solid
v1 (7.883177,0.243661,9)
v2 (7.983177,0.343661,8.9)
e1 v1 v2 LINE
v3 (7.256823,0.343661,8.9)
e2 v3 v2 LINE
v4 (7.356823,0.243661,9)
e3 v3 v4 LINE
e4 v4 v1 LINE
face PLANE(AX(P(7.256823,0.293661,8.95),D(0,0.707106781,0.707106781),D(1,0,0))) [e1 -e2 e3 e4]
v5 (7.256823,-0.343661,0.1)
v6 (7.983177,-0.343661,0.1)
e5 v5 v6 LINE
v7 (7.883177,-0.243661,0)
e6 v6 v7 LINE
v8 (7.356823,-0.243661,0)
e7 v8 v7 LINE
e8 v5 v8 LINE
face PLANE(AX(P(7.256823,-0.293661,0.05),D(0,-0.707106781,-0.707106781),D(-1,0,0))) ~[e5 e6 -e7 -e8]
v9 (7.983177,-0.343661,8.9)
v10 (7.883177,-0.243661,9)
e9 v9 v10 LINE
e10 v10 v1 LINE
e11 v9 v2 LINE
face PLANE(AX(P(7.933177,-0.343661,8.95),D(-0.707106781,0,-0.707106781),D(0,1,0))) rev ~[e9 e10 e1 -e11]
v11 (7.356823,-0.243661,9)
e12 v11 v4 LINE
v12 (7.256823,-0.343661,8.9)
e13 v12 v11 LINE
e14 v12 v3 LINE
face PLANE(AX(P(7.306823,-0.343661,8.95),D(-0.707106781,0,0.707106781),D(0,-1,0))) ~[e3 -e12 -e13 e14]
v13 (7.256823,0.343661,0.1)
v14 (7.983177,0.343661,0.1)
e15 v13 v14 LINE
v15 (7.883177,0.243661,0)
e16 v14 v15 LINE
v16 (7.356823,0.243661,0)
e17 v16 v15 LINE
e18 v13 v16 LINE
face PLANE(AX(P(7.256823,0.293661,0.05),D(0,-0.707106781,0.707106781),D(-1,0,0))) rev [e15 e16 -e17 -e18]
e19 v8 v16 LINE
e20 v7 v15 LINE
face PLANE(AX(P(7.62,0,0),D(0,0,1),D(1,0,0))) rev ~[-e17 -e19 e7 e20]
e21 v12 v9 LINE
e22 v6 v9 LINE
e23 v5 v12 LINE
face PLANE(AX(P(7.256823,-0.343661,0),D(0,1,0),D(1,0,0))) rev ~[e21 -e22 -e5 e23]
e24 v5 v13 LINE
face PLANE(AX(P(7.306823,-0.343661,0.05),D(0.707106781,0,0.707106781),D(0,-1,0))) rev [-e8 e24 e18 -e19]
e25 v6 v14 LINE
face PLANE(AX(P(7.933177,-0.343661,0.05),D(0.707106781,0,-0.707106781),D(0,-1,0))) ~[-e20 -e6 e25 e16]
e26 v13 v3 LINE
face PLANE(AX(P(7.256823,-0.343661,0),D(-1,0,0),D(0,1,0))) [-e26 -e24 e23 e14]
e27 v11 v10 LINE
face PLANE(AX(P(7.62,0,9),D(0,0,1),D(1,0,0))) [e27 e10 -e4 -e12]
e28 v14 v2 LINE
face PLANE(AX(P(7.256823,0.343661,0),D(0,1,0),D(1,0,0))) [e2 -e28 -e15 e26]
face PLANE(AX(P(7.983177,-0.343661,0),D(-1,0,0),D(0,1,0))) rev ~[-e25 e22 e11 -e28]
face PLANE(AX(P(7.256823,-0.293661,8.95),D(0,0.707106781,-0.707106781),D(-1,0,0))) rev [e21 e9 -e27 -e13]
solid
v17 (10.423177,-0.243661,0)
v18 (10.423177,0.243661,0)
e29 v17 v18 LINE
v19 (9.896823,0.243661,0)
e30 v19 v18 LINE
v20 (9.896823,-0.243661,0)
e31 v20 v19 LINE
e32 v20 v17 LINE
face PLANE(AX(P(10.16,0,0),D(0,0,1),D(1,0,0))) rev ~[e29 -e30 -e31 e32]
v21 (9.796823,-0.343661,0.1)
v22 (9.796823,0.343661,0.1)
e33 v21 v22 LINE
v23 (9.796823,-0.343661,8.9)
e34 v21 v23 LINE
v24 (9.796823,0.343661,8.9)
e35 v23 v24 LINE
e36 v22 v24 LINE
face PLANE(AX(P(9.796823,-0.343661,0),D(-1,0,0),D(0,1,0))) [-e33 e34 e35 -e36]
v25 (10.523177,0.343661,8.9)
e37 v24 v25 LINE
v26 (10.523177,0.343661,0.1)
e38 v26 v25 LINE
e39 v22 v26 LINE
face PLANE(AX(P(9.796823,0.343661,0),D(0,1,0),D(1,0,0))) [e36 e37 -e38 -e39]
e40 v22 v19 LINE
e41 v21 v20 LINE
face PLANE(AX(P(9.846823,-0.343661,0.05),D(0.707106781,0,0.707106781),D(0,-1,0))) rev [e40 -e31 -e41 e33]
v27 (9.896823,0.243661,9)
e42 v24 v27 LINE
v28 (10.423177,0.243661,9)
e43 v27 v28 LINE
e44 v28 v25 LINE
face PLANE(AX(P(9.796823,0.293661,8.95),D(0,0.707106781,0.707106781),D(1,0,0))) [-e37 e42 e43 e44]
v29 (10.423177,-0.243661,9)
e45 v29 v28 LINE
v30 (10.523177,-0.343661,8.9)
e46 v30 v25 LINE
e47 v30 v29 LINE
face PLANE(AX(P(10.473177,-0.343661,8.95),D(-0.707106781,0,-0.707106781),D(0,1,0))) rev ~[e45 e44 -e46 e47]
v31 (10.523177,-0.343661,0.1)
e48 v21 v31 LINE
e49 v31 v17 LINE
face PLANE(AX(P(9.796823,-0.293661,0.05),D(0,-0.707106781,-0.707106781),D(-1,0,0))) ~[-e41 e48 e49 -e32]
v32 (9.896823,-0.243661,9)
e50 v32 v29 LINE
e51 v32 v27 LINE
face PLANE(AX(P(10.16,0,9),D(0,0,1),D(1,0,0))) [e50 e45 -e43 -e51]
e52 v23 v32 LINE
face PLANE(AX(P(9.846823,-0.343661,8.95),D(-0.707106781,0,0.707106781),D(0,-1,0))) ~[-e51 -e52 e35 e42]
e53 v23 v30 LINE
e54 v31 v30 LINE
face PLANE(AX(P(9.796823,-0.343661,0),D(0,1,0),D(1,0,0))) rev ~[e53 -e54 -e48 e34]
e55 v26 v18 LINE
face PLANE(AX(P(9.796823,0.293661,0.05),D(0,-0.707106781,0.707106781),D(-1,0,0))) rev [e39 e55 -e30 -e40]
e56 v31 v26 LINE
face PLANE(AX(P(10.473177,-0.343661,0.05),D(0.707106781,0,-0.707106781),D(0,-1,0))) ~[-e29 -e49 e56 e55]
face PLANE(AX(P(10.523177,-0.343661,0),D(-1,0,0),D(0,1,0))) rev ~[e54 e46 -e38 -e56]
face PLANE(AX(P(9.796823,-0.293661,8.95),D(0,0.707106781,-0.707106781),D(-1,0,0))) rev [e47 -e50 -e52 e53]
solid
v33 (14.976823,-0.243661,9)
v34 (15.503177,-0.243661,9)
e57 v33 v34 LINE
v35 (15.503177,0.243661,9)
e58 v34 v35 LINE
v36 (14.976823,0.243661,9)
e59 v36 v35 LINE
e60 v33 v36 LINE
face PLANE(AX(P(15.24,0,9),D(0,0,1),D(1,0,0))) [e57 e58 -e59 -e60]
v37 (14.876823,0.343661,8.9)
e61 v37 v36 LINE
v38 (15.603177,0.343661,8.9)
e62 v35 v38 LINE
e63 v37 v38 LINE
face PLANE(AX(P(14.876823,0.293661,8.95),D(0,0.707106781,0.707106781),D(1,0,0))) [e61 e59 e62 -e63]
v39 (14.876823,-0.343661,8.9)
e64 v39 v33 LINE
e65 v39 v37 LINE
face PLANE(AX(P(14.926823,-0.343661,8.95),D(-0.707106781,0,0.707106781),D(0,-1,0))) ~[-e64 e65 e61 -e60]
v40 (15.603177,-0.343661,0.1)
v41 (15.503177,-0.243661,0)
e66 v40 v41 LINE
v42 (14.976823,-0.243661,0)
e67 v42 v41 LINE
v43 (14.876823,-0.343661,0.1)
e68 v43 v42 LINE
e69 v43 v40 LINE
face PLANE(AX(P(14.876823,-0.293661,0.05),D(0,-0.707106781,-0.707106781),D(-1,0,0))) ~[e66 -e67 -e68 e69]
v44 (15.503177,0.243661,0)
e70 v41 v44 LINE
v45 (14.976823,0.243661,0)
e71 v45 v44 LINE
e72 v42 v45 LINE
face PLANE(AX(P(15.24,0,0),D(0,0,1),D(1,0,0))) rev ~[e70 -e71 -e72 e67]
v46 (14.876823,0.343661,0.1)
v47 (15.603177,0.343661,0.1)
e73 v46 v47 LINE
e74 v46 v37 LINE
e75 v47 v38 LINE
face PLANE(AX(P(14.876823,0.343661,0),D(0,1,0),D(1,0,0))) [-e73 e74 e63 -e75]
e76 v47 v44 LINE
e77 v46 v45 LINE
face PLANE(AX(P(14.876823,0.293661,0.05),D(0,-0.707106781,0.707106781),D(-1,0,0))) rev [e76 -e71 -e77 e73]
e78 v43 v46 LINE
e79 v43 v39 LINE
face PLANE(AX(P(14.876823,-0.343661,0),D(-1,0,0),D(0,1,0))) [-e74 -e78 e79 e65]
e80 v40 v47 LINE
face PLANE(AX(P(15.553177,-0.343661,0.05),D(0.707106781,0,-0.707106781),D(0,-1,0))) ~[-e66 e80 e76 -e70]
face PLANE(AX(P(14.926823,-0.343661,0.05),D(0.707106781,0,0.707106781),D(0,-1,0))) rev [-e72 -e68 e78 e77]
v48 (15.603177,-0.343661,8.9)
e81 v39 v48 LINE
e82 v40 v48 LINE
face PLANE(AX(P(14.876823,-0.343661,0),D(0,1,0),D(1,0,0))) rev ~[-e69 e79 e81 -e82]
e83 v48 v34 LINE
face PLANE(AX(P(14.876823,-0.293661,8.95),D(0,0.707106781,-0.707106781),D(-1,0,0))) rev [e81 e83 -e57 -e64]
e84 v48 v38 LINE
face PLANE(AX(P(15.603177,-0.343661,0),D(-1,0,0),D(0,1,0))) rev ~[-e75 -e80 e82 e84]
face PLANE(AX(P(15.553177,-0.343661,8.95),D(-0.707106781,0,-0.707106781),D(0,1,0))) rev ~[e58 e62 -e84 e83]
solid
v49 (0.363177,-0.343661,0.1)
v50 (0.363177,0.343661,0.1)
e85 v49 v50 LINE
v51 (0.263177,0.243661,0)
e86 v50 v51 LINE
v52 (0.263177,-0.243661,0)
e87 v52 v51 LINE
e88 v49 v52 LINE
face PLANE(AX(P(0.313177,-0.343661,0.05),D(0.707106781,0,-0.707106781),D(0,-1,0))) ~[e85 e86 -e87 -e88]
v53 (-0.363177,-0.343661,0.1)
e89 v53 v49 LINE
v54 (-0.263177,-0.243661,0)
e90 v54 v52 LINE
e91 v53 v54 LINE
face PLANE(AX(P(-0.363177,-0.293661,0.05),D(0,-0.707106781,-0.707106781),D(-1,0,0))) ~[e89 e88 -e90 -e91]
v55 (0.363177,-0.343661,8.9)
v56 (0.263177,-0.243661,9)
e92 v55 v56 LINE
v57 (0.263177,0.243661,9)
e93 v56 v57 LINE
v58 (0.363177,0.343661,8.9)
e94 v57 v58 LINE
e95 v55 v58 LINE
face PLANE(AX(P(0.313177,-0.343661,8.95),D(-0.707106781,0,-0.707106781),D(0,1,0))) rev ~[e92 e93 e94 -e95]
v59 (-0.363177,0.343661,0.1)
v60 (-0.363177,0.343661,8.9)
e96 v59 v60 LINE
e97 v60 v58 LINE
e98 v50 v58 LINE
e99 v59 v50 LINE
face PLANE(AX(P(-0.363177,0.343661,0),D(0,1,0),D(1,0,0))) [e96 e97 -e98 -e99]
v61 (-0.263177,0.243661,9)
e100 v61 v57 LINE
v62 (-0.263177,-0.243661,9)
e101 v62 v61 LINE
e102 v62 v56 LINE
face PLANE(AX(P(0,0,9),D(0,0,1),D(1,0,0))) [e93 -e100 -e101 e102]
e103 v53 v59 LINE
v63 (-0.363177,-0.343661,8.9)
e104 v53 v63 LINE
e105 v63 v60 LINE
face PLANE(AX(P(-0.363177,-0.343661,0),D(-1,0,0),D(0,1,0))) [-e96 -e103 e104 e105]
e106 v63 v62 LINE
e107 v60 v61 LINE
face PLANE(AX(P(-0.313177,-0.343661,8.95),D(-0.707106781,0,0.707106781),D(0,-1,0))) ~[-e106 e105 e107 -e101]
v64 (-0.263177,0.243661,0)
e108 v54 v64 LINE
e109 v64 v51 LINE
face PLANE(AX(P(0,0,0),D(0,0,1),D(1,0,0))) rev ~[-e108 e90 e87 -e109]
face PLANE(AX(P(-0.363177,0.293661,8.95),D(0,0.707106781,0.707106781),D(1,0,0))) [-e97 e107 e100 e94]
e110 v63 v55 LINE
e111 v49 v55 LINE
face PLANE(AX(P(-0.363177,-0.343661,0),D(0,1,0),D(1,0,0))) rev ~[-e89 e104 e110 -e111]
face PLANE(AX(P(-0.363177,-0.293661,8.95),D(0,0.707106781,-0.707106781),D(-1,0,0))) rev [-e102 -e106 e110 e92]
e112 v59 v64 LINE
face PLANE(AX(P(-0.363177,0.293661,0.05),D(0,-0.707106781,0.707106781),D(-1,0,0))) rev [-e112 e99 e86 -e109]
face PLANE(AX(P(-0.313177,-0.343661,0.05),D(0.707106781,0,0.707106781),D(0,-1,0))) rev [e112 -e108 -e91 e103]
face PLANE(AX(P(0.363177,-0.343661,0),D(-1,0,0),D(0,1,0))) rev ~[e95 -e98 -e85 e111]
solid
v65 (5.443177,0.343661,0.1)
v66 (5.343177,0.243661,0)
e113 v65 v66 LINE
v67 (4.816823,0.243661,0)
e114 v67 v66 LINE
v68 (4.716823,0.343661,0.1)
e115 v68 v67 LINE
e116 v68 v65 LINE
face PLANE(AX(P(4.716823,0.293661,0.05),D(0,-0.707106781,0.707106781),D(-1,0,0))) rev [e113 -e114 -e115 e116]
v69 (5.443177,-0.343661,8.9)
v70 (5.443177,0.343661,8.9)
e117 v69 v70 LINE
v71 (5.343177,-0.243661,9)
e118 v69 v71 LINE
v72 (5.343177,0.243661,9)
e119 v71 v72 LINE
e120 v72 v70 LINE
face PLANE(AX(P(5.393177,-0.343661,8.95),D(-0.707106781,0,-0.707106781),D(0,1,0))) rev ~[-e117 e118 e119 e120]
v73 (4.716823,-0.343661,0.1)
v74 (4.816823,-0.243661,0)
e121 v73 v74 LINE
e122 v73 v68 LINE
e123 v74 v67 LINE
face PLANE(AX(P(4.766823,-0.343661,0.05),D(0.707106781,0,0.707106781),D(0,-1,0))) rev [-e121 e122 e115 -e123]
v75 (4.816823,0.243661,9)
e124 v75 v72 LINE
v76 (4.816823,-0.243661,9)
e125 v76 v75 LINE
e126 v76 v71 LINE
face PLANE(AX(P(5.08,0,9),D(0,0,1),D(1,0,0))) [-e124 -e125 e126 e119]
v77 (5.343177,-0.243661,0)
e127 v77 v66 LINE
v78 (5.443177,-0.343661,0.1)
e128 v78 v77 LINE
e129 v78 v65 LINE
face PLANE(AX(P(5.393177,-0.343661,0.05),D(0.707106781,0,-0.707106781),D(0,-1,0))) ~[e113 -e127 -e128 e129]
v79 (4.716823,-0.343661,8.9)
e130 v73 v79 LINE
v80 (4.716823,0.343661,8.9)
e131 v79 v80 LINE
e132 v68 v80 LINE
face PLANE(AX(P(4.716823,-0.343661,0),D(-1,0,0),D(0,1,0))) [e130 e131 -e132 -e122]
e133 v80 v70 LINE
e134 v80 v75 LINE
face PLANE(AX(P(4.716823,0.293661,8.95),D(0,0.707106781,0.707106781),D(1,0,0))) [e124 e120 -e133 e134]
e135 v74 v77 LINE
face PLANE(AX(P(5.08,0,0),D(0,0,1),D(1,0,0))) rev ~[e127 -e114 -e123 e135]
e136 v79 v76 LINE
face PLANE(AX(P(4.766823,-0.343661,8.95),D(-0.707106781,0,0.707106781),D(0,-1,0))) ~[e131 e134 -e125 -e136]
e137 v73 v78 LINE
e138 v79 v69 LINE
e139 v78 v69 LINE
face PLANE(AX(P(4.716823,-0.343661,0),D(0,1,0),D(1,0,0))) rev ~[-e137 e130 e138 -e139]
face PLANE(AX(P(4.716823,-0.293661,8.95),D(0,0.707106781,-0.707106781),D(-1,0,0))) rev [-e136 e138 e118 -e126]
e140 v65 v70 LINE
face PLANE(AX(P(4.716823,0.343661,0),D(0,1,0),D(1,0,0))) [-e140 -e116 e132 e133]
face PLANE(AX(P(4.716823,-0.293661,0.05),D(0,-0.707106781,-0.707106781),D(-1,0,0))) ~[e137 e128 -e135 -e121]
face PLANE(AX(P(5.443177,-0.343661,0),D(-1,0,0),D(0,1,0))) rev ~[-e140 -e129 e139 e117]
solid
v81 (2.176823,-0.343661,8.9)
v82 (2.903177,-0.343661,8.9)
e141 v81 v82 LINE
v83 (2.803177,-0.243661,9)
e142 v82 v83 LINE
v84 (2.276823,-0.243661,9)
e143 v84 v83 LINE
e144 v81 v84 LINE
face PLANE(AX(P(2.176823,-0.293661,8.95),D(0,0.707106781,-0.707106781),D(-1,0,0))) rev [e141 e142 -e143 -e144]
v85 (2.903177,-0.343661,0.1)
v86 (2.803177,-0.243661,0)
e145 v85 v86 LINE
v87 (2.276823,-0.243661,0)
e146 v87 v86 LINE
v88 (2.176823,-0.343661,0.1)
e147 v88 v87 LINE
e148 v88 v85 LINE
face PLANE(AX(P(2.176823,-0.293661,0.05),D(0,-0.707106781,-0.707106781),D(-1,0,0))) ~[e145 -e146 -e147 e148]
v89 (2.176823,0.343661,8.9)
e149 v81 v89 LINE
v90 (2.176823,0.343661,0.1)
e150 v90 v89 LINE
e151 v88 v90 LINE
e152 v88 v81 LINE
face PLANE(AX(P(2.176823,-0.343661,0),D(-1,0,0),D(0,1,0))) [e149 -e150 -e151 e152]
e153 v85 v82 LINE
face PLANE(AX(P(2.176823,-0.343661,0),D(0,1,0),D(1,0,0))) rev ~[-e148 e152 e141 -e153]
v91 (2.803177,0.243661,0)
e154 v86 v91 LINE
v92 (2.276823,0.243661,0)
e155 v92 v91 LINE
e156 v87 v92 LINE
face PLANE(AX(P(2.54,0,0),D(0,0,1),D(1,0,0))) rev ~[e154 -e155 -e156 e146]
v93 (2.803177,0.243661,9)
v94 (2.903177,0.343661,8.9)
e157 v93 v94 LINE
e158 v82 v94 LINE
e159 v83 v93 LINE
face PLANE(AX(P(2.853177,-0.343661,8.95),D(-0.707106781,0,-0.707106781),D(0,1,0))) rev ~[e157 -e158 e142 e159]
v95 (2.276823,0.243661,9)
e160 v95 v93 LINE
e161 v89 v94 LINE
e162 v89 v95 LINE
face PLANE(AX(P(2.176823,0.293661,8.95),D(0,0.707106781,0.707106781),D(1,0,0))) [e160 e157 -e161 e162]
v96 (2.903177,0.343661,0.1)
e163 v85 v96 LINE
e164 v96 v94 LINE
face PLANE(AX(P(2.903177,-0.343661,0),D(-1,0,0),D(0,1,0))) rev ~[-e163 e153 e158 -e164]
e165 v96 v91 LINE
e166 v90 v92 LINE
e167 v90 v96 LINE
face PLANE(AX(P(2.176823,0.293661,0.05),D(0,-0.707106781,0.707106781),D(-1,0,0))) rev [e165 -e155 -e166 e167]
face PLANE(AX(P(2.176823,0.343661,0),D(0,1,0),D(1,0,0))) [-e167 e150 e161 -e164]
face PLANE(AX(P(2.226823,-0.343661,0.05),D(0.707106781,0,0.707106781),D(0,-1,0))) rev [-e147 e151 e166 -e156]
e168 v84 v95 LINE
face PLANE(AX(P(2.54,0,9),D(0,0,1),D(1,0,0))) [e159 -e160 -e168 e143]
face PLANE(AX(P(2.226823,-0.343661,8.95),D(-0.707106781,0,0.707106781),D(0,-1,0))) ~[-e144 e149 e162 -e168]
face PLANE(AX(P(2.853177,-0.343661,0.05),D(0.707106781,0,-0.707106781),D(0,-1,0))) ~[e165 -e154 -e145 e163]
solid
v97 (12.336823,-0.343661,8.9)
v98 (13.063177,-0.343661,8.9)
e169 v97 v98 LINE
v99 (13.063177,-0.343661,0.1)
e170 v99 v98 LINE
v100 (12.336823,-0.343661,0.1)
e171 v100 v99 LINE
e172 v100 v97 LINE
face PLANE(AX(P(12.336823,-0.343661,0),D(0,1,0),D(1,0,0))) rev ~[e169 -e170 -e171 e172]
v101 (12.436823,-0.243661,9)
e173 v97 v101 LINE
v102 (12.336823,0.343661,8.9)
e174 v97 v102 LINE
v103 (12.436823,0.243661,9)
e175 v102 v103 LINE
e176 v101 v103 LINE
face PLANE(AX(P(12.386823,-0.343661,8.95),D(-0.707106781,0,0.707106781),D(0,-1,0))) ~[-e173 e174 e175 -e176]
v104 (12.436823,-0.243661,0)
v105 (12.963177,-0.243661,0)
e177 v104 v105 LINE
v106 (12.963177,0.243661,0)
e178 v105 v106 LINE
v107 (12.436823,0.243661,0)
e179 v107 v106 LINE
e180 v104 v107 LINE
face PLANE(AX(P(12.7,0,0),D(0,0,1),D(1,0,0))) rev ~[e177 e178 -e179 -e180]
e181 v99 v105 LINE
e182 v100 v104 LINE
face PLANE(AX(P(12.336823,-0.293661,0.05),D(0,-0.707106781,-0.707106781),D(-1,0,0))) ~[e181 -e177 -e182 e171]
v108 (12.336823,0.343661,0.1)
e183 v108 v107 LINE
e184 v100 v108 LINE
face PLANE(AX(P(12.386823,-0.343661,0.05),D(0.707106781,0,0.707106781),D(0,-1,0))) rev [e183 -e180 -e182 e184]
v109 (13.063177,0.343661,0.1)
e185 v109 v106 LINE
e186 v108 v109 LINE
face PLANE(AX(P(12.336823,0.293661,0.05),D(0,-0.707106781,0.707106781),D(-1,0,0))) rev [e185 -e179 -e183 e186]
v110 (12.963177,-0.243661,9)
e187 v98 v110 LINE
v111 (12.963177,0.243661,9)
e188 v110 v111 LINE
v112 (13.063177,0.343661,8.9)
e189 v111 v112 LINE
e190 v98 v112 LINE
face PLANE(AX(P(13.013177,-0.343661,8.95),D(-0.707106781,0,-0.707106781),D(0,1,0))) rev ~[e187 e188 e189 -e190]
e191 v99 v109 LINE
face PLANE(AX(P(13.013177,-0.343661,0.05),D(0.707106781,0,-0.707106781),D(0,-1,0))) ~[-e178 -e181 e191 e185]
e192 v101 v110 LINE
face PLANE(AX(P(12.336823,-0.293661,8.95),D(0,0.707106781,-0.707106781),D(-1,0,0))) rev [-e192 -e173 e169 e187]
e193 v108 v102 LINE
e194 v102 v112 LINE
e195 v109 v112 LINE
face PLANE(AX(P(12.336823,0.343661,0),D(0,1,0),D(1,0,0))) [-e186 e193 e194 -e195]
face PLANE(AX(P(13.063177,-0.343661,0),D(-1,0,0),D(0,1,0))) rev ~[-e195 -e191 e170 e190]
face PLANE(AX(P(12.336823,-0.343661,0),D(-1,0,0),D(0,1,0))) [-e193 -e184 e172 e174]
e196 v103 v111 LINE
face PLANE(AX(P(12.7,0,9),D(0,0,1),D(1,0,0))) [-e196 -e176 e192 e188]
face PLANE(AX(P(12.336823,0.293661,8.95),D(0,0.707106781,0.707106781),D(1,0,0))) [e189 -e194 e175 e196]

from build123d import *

# Parameters (mm, degrees)
SKETCH_1_W        = 0.726353624
SKETCH_1_H        = 0.687321186
EXTRUDE_1_DEPTH   = 9
EXTRUDE_1_2_DEPTH = 9
EXTRUDE_1_3_DEPTH = 9
EXTRUDE_1_4_DEPTH = 9
EXTRUDE_1_5_DEPTH = 9
EXTRUDE_1_6_DEPTH = 9
EXTRUDE_1_7_DEPTH = 9
CHAMFER_1_SIZE    = 0.1
CHAMFER_2_SIZE    = 0.1
CHAMFER_3_SIZE    = 0.1
CHAMFER_4_SIZE    = 0.1
CHAMFER_5_SIZE    = 0.1
CHAMFER_6_SIZE    = 0.1
CHAMFER_7_SIZE    = 0.1
CHAMFER_8_SIZE    = 0.1
CHAMFER_9_SIZE    = 0.1
CHAMFER_10_SIZE   = 0.1
CHAMFER_11_SIZE   = 0.1
CHAMFER_12_SIZE   = 0.1
CHAMFER_13_SIZE   = 0.1
CHAMFER_14_SIZE   = 0.1


with BuildPart() as part:
    # 草图1 → 凸台-拉伸1 (new body)
    with BuildSketch(Plane.XY):
        with Locations((2.54, 0)):
            Rectangle(SKETCH_1_W, SKETCH_1_H)
    extrude(amount=EXTRUDE_1_DEPTH)

    # 倒角6
    chamfer_6_edges = [part.edges().sort_by_distance(p)[0] for p in [
        (2.54, -0.343660593, 0),
        (2.176823188, 0, 0),
        (2.54, 0.343660593, 0),
        (2.903176812, 0, 0),
    ]]
    chamfer(chamfer_6_edges, length=CHAMFER_6_SIZE)

    # 倒角13
    chamfer_13_edges = [part.edges().sort_by_distance(p)[0] for p in [
        (2.176823188, 0, 9),
        (2.54, -0.343660593, 9),
        (2.903176812, 0, 9),
        (2.54, 0.343660593, 9),
    ]]
    chamfer(chamfer_13_edges, length=CHAMFER_13_SIZE)


with BuildPart() as body_2:
    # 草图1 → Extrude 1 2 (new body)
    with BuildSketch(Plane.XY):
        Rectangle(SKETCH_1_W, SKETCH_1_H)
    extrude(amount=EXTRUDE_1_2_DEPTH)

    # 倒角7
    chamfer_7_edges = [body_2.edges().sort_by_distance(p)[0] for p in [
        (0, -0.343660593, 0),
        (-0.363176812, 0, 0),
        (0, 0.343660593, 0),
        (0.363176812, 0, 0),
    ]]
    chamfer(chamfer_7_edges, length=CHAMFER_7_SIZE)

    # 倒角14
    chamfer_14_edges = [body_2.edges().sort_by_distance(p)[0] for p in [
        (-0.363176812, 0, 9),
        (0, -0.343660593, 9),
        (0.363176812, 0, 9),
        (0, 0.343660593, 9),
    ]]
    chamfer(chamfer_14_edges, length=CHAMFER_14_SIZE)


with BuildPart() as body_3:
    # 草图1 → Extrude 1 3 (new body)
    with BuildSketch(Plane.XY):
        with Locations((5.08, 0)):
            Rectangle(SKETCH_1_W, SKETCH_1_H)
    extrude(amount=EXTRUDE_1_3_DEPTH)

    # 倒角5
    chamfer_5_edges = [body_3.edges().sort_by_distance(p)[0] for p in [
        (5.08, -0.343660593, 0),
        (4.716823188, 0, 0),
        (5.08, 0.343660593, 0),
        (5.443176812, 0, 0),
    ]]
    chamfer(chamfer_5_edges, length=CHAMFER_5_SIZE)

    # 倒角12
    chamfer_12_edges = [body_3.edges().sort_by_distance(p)[0] for p in [
        (4.716823188, 0, 9),
        (5.08, -0.343660593, 9),
        (5.443176812, 0, 9),
        (5.08, 0.343660593, 9),
    ]]
    chamfer(chamfer_12_edges, length=CHAMFER_12_SIZE)


with BuildPart() as body_4:
    # 草图1 → Extrude 1 4 (new body)
    with BuildSketch(Plane.XY):
        with Locations((7.62, 0)):
            Rectangle(SKETCH_1_W, SKETCH_1_H)
    extrude(amount=EXTRUDE_1_4_DEPTH)

    # 倒角4
    chamfer_4_edges = [body_4.edges().sort_by_distance(p)[0] for p in [
        (7.62, -0.343660593, 0),
        (7.256823188, 0, 0),
        (7.62, 0.343660593, 0),
        (7.983176812, 0, 0),
    ]]
    chamfer(chamfer_4_edges, length=CHAMFER_4_SIZE)

    # 倒角11
    chamfer_11_edges = [body_4.edges().sort_by_distance(p)[0] for p in [
        (7.256823188, 0, 9),
        (7.62, -0.343660593, 9),
        (7.983176812, 0, 9),
        (7.62, 0.343660593, 9),
    ]]
    chamfer(chamfer_11_edges, length=CHAMFER_11_SIZE)


with BuildPart() as body_5:
    # 草图1 → Extrude 1 5 (new body)
    with BuildSketch(Plane.XY):
        with Locations((10.16, 0)):
            Rectangle(SKETCH_1_W, SKETCH_1_H)
    extrude(amount=EXTRUDE_1_5_DEPTH)

    # 倒角3
    chamfer_3_edges = [body_5.edges().sort_by_distance(p)[0] for p in [
        (10.16, -0.343660593, 0),
        (9.796823188, 0, 0),
        (10.16, 0.343660593, 0),
        (10.523176812, 0, 0),
    ]]
    chamfer(chamfer_3_edges, length=CHAMFER_3_SIZE)

    # 倒角10
    chamfer_10_edges = [body_5.edges().sort_by_distance(p)[0] for p in [
        (9.796823188, 0, 9),
        (10.16, -0.343660593, 9),
        (10.523176812, 0, 9),
        (10.16, 0.343660593, 9),
    ]]
    chamfer(chamfer_10_edges, length=CHAMFER_10_SIZE)


with BuildPart() as body_6:
    # 草图1 → Extrude 1 6 (new body)
    with BuildSketch(Plane.XY):
        with Locations((12.7, 0)):
            Rectangle(SKETCH_1_W, SKETCH_1_H)
    extrude(amount=EXTRUDE_1_6_DEPTH)

    # 倒角2
    chamfer_2_edges = [body_6.edges().sort_by_distance(p)[0] for p in [
        (12.7, -0.343660593, 0),
        (12.336823188, 0, 0),
        (12.7, 0.343660593, 0),
        (13.063176812, 0, 0),
    ]]
    chamfer(chamfer_2_edges, length=CHAMFER_2_SIZE)

    # 倒角9
    chamfer_9_edges = [body_6.edges().sort_by_distance(p)[0] for p in [
        (12.336823188, 0, 9),
        (12.7, -0.343660593, 9),
        (13.063176812, 0, 9),
        (12.7, 0.343660593, 9),
    ]]
    chamfer(chamfer_9_edges, length=CHAMFER_9_SIZE)


with BuildPart() as body_7:
    # 草图1 → Extrude 1 7 (new body)
    with BuildSketch(Plane.XY):
        with Locations((15.24, 0)):
            Rectangle(SKETCH_1_W, SKETCH_1_H)
    extrude(amount=EXTRUDE_1_7_DEPTH)

    # 倒角1
    chamfer_1_edges = [body_7.edges().sort_by_distance(p)[0] for p in [
        (15.24, -0.343660593, 0),
        (14.876823188, 0, 0),
        (15.24, 0.343660593, 0),
        (15.603176812, 0, 0),
    ]]
    chamfer(chamfer_1_edges, length=CHAMFER_1_SIZE)

    # 倒角8
    chamfer_8_edges = [body_7.edges().sort_by_distance(p)[0] for p in [
        (14.876823188, 0, 9),
        (15.24, -0.343660593, 9),
        (15.603176812, 0, 9),
        (15.24, 0.343660593, 9),
    ]]
    chamfer(chamfer_8_edges, length=CHAMFER_8_SIZE)


solid = Compound([part.part, body_2.part, body_3.part, body_4.part, body_5.part, body_6.part, body_7.part])
